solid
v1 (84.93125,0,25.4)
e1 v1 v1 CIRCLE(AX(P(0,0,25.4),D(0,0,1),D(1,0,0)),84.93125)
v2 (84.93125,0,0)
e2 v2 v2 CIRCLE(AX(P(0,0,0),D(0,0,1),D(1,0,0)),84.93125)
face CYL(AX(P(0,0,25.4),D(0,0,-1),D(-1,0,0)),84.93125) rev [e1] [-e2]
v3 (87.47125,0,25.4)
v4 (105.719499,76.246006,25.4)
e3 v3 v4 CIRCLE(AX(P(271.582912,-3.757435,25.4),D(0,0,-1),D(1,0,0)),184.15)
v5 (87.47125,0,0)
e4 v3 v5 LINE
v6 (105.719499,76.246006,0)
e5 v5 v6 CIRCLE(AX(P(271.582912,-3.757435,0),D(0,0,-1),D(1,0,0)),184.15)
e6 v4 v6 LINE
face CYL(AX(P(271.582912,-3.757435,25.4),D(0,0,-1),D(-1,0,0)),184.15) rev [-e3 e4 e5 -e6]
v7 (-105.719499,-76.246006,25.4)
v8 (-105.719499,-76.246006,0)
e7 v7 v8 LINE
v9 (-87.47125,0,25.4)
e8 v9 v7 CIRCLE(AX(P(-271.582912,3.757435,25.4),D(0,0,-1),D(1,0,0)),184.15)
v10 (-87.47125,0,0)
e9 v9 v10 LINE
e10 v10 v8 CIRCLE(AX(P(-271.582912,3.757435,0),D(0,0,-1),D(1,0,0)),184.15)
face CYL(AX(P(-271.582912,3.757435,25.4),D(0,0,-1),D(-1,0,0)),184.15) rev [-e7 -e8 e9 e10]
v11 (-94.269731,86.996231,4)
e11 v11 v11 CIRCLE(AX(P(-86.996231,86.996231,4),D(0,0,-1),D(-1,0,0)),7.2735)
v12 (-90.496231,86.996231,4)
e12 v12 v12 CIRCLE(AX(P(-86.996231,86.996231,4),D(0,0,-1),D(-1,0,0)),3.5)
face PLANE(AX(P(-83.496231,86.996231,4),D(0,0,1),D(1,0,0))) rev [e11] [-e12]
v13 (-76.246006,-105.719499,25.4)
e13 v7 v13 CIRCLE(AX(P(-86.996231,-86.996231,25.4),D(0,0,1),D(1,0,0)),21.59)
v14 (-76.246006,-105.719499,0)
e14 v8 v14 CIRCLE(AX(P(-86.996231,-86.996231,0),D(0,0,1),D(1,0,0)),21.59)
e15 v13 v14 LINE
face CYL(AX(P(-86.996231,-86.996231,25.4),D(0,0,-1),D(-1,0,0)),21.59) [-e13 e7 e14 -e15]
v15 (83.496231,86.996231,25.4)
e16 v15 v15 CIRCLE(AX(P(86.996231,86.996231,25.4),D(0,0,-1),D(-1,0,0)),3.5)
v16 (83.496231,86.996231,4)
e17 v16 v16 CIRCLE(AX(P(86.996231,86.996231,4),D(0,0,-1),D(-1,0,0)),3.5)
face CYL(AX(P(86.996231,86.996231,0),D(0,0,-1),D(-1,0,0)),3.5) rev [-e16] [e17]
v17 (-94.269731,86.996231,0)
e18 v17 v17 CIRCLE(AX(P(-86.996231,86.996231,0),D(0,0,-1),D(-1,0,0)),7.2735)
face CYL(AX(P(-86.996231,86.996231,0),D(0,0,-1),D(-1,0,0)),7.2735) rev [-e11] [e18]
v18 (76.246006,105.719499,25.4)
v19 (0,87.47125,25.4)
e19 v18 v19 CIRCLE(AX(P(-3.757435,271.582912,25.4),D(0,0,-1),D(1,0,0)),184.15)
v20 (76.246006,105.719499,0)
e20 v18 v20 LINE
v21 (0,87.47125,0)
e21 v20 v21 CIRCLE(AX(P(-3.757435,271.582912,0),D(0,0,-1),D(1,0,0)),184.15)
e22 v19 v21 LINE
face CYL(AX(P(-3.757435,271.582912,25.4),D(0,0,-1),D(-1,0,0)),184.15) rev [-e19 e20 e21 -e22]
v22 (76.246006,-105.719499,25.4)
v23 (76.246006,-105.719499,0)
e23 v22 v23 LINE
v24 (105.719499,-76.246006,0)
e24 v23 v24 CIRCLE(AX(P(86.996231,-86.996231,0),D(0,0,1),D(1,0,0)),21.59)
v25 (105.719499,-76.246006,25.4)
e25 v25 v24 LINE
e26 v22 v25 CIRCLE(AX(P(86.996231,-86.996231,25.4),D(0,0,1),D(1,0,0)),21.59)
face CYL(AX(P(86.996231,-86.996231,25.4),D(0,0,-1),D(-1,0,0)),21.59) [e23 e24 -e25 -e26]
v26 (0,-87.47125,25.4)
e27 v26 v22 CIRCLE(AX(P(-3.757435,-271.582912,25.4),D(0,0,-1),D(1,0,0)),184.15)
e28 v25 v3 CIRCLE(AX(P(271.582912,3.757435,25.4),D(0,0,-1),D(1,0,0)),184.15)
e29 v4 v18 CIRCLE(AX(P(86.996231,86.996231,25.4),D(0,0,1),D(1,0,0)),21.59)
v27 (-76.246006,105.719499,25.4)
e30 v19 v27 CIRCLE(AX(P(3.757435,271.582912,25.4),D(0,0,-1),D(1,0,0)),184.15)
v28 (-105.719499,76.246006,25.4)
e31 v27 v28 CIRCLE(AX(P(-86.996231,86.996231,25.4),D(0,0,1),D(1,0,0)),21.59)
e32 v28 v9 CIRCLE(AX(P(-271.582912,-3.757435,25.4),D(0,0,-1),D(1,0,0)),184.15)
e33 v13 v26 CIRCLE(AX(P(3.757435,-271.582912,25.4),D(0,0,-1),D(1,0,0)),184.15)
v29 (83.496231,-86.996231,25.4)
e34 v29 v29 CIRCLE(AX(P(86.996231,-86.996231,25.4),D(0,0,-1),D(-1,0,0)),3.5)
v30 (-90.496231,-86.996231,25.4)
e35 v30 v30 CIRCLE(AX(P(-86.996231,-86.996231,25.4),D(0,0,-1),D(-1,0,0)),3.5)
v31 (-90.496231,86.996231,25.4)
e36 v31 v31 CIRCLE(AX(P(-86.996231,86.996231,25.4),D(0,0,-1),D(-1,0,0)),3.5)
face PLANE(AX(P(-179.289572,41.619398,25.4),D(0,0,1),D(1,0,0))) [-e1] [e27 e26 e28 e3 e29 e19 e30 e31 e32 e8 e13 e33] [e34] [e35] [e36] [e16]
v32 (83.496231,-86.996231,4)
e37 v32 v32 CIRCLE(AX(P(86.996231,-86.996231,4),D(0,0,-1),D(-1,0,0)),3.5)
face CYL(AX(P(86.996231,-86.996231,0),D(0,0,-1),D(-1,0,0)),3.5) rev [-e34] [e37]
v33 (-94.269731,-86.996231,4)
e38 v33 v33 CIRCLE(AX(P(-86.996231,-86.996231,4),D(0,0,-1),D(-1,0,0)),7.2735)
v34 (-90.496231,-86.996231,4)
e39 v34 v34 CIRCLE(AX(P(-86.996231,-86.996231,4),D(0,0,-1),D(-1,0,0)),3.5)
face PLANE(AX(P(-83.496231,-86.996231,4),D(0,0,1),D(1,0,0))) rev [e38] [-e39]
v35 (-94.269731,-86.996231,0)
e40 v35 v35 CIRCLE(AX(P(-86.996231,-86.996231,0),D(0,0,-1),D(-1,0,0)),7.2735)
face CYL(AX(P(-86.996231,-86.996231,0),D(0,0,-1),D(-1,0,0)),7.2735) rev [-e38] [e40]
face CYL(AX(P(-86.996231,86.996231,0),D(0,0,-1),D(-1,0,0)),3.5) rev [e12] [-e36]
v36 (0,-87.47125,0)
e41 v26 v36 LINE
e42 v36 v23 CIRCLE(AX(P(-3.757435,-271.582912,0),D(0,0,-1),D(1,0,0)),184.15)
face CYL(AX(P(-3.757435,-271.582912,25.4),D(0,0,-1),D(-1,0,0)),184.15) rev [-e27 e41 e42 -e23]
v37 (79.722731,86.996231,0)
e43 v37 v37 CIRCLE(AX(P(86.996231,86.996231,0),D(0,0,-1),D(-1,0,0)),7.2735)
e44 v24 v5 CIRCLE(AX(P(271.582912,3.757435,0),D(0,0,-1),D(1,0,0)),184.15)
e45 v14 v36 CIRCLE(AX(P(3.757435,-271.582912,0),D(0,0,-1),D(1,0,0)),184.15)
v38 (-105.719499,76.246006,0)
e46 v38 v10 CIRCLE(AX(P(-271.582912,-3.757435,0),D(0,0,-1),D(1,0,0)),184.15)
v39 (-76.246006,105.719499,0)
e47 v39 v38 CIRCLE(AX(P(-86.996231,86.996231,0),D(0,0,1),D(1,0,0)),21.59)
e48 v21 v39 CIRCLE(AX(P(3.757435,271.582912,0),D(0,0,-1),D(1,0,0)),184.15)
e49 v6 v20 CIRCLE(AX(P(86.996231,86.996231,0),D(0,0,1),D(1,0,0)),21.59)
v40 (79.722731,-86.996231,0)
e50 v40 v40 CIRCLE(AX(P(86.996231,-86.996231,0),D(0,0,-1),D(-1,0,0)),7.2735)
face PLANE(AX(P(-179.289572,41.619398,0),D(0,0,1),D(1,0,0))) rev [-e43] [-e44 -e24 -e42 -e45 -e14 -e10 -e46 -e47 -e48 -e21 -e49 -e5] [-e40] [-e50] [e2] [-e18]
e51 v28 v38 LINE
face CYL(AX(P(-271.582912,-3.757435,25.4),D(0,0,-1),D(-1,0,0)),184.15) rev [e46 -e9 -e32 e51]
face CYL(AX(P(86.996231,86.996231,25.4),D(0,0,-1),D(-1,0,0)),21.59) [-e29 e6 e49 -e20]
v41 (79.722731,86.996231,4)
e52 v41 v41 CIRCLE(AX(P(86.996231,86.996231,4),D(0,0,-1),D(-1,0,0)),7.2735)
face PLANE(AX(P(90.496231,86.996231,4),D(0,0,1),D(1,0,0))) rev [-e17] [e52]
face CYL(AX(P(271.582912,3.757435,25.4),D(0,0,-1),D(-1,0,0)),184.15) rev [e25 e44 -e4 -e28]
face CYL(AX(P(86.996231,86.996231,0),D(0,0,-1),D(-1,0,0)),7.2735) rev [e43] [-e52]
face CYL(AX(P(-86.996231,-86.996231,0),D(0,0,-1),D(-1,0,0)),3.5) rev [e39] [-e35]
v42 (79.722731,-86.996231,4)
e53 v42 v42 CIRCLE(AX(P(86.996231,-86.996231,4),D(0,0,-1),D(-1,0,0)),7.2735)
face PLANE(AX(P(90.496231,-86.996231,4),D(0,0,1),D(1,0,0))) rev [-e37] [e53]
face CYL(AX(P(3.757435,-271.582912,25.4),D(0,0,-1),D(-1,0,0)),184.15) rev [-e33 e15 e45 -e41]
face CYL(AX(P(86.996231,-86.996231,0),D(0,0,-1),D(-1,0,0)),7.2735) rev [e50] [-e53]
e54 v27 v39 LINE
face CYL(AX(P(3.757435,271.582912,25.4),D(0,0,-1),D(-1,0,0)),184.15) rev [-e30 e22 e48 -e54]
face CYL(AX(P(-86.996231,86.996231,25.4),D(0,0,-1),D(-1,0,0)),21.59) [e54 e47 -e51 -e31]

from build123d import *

# Parameters (mm, degrees)
SKETCH1_R                               = 84.93125
BOSS_EXTRUDE1_DEPTH                     = 25.4
CBORE_FOR_M6_HEX_HEAD_BOLT1_D           = 7
CBORE_FOR_M6_HEX_HEAD_BOLT1_CBORE_D     = 14.547
CBORE_FOR_M6_HEX_HEAD_BOLT1_CBORE_DEPTH = 4


with BuildPart() as part:
    # Sketch1 → Boss-Extrude1 (new body)
    with BuildSketch(Plane.XY):
        with BuildLine():
            ThreePointArc((-76.246005737, 105.719498865), (-39.105377809, 92.490752346), (0, 87.47125))
            ThreePointArc((0, 87.47125), (39.105377809, 92.490752346), (76.246005737, 105.719498865))
            ThreePointArc((76.246005737, 105.719498865), (102.262666579, 102.262666579), (105.719498865, 76.246005737))
            ThreePointArc((105.719498865, 76.246005737), (92.490752346, 39.105377809), (87.47125, 0))
            ThreePointArc((87.47125, 0), (92.490752346, -39.105377809), (105.719498865, -76.246005737))
            ThreePointArc((105.719498865, -76.246005737), (102.262666579, -102.262666579), (76.246005737, -105.719498865))
            ThreePointArc((76.246005737, -105.719498865), (39.105377809, -92.490752346), (0, -87.47125))
            ThreePointArc((0, -87.47125), (-39.105377809, -92.490752346), (-76.246005737, -105.719498865))
            ThreePointArc((-76.246005737, -105.719498865), (-102.262666579, -102.262666579), (-105.719498865, -76.246005737))
            ThreePointArc((-105.719498865, -76.246005737), (-92.490752346, -39.105377809), (-87.47125, 0))
            ThreePointArc((-87.47125, 0), (-92.490752346, 39.105377809), (-105.719498865, 76.246005737))
            ThreePointArc((-105.719498865, 76.246005737), (-102.262666579, 102.262666579), (-76.246005737, 105.719498865))
        make_face()
        Circle(SKETCH1_R, mode=Mode.SUBTRACT)
    extrude(amount=BOSS_EXTRUDE1_DEPTH)

    # CBORE for M6 Hex Head Bolt1 (through all)
    with Locations(Plane(origin=(0, 0, 0), x_dir=(-1, 0, 0), z_dir=(0, 0, -1))):
        with Locations((-86.996231173, 86.996231173), (86.996231173, 86.996231173), (86.996231173, -86.996231173), (-86.996231173, -86.996231173)):
            CounterBoreHole(CBORE_FOR_M6_HEX_HEAD_BOLT1_D / 2, CBORE_FOR_M6_HEX_HEAD_BOLT1_CBORE_D / 2, CBORE_FOR_M6_HEX_HEAD_BOLT1_CBORE_DEPTH)


solid = part.part
